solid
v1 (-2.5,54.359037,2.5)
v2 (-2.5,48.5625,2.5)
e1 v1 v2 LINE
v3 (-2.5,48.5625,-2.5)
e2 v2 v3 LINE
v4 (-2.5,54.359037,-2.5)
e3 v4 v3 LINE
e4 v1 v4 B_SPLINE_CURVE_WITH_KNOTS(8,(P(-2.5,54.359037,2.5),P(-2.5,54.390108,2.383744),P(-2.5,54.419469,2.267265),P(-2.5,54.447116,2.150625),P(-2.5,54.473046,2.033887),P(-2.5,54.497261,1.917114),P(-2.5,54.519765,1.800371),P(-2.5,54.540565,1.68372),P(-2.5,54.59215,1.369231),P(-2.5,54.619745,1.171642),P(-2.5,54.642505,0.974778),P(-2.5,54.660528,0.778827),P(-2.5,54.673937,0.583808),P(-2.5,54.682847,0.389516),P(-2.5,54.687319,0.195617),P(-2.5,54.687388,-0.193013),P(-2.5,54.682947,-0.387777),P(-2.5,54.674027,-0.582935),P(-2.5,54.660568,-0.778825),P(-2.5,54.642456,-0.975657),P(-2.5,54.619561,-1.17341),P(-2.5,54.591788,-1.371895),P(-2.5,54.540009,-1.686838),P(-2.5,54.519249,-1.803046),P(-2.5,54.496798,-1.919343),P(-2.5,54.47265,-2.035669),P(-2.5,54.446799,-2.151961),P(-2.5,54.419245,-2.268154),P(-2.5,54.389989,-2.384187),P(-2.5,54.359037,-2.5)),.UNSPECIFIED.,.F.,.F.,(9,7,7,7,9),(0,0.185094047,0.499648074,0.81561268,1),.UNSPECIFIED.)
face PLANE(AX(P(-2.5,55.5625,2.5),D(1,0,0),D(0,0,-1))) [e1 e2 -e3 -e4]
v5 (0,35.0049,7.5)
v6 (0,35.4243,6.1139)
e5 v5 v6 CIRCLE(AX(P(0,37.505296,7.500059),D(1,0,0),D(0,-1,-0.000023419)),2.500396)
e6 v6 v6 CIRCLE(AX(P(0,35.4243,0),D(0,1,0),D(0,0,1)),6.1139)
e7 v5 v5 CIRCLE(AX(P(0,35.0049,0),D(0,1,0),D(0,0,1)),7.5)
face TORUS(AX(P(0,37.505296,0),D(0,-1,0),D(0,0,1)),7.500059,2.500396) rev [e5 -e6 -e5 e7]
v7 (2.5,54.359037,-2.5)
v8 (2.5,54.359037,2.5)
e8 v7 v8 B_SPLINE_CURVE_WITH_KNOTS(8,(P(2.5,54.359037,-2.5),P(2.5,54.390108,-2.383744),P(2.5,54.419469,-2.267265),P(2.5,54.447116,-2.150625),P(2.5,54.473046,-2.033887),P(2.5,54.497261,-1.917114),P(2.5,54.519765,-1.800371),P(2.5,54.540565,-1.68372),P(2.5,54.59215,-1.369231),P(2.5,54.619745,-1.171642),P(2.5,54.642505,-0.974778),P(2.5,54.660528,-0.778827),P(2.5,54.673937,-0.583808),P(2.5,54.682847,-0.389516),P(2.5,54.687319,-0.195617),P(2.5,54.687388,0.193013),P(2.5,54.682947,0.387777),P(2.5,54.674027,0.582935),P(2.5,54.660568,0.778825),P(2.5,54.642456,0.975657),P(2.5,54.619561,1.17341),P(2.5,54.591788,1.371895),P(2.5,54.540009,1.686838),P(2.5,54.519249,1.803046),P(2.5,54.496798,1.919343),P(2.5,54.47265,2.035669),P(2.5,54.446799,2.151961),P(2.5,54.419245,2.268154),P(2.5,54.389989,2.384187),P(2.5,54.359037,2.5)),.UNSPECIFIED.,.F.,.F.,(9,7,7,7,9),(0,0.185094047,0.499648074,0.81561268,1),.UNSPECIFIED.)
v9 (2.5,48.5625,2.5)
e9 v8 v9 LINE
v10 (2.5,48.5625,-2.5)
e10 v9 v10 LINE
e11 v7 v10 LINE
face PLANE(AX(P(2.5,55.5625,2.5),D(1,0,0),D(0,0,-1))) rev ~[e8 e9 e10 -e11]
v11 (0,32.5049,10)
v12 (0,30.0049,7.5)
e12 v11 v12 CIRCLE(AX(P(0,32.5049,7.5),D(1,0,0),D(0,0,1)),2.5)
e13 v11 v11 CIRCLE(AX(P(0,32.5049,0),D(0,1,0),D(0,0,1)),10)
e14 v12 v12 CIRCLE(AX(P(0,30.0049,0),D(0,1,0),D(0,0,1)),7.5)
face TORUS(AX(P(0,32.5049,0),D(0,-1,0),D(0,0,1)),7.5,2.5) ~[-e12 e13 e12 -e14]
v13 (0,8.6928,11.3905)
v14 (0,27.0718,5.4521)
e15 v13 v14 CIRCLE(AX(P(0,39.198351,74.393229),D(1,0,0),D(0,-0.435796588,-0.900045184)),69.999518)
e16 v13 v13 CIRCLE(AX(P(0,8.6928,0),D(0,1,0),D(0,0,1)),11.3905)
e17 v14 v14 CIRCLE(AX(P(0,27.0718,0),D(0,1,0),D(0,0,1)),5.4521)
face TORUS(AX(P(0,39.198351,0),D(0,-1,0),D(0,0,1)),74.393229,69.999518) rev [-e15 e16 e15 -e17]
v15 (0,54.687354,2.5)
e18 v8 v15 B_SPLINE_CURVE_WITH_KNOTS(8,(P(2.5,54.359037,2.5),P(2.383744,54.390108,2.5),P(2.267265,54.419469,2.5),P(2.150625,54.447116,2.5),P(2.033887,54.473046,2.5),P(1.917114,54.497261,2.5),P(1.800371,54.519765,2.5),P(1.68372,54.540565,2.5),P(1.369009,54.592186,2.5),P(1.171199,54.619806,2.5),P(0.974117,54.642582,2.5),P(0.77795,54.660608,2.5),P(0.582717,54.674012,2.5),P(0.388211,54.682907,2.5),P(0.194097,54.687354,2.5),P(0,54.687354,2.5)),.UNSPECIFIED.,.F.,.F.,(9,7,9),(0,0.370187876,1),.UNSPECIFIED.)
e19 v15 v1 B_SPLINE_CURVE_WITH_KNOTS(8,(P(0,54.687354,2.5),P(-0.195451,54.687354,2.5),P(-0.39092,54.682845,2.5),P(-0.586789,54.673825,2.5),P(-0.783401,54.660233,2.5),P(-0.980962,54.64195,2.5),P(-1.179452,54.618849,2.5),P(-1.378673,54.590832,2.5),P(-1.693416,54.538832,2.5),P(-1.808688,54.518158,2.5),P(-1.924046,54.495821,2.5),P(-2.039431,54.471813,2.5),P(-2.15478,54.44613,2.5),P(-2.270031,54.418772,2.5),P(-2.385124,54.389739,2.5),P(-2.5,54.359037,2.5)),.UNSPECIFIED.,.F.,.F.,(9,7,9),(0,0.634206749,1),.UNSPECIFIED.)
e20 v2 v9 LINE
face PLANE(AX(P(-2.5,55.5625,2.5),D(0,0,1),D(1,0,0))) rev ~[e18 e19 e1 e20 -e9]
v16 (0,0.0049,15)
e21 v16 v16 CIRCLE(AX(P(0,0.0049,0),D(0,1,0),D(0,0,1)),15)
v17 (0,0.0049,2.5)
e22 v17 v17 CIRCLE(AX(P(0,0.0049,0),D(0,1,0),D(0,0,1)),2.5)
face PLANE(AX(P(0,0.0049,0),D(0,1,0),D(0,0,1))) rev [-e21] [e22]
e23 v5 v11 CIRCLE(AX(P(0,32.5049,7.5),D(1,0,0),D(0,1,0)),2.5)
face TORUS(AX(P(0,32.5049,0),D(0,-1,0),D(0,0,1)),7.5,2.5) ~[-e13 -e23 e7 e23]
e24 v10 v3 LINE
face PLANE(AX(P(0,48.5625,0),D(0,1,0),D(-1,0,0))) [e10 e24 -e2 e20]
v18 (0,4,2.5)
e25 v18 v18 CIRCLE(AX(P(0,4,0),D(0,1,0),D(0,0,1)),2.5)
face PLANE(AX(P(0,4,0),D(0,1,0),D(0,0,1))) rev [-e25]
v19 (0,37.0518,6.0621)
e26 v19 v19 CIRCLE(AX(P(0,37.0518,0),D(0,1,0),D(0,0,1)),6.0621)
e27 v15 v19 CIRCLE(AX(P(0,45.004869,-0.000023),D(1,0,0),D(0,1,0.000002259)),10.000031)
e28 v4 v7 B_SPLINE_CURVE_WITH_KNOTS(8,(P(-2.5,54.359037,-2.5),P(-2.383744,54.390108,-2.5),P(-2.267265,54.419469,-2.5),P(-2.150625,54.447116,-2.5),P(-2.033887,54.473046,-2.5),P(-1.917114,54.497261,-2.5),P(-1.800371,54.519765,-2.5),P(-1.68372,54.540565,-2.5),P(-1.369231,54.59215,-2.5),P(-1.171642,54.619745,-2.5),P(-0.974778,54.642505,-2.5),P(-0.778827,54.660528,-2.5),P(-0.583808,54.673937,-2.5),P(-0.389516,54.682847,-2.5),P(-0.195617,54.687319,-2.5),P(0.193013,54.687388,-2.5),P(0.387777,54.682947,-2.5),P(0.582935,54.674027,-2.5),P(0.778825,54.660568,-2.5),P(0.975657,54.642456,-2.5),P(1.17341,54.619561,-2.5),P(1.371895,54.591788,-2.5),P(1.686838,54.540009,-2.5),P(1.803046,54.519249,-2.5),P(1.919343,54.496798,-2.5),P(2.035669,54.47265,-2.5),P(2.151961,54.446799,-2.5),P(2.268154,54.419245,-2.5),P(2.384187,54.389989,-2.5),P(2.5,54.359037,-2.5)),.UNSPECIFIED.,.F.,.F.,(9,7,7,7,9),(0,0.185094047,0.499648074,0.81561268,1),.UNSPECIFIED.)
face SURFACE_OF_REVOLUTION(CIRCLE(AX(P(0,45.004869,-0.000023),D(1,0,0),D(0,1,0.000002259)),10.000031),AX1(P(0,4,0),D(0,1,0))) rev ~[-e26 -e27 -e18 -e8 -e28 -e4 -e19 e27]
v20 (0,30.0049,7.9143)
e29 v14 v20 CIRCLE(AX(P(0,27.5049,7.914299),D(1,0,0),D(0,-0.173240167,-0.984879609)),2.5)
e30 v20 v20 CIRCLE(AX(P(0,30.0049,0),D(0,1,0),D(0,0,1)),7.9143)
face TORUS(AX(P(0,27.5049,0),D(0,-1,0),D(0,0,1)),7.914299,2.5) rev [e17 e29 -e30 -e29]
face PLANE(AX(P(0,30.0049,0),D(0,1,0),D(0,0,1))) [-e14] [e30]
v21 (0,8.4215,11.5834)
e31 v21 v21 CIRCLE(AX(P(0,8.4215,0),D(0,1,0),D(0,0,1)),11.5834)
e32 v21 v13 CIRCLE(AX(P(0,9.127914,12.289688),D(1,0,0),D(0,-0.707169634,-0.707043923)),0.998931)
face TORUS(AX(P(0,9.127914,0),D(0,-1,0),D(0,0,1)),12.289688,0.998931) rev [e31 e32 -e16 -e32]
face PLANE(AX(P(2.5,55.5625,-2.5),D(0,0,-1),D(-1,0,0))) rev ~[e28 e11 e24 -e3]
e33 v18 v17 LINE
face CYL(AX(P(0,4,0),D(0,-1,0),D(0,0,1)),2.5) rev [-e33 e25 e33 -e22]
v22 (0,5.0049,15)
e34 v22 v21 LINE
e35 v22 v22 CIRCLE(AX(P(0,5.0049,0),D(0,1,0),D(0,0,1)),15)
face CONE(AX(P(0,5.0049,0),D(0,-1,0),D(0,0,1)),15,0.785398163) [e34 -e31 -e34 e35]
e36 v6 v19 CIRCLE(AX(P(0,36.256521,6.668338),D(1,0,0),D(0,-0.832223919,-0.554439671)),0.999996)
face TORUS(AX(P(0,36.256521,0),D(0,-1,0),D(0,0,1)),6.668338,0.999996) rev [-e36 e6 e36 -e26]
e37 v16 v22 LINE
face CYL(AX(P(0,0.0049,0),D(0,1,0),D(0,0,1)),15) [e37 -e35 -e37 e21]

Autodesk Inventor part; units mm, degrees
ref_plane "YZ Plane" through (0, 0, 0) normal (1, 0, 0) x (0, 1, 0)
ref_plane "XY Plane" through (0, 0, 0) normal (0, 0, 1) x (1, 0, 0)
sketch "Sketch1" plane through (0, 0, 0) normal (1, 0, 0) x (0, 1, 0)
  line L0 (4, 0) -> (4, 2.5)
  line L1 (4, 2.5) -> (0.0049, 2.5)
  line L2 (0.0049, 2.5) -> (0.0049, 15)
  line L3 (0.0049, 15) -> (5.0049, 15)
  line L4 (5.0049, 15) -> (8.4215, 11.5834)
  arc A0 (8.6928, 11.3905) -> (27.0718, 5.4521) centre (39.1985, 74.3936) ccw
  line L5 (30.0049, 7.9143) -> (30.0049, 7.5)
  line L6 (32.5049, 10) -> (32.5049, 10)
  line L7 (35.0049, 7.5) -> (35.0049, 7.5)
  arc A1 (55.0049, 0) -> (37.0518, 6.0621) centre (45.0049, 0) ccw
  line L8 (4, 0) -> (55.0049, 0)
  arc A2 (35.0049, 7.5) -> (35.4243, 6.1139) centre (37.5049, 7.5) ccw
  arc A3 (35.0049, 7.5) -> (32.5049, 10) centre (32.5049, 7.5) ccw
  arc A4 (32.5049, 10) -> (30.0049, 7.5) centre (32.5049, 7.5) ccw
  arc A5 (27.0718, 5.4521) -> (30.0049, 7.9143) centre (27.5049, 7.9143) ccw
  arc A6 (35.4243, 6.1139) -> (37.0518, 6.0621) centre (36.2565, 6.6683) ccw
  arc A7 (8.4215, 11.5834) -> (8.6928, 11.3905) centre (9.1286, 12.2905) ccw
  point P0 (0, 0)
  point P1 (0, 0)
  point P2 (8.5404, 11.4645)
  point P3 (30.0049, 5)
  point P4 (30.0049, 10)
  point P5 (35.0049, 10)
  point P6 (35.0049, 5)
  dimension "d0" = 4
  dimension "d1" = 2.5
  dimension "d2" = 15
  dimension "d3" = 5
  dimension "d4" = 5
  dimension "d5" = 135
  dimension "d6" = 70
  dimension "d7" = 5
  dimension "d8" = 5
  dimension "d9" = 5
  dimension "d10" = 2.5
  dimension "d11" = 1
  dimension "d12" = 1
revolve "Revolution1" add sketch "Sketch1" angle 360 about axis through (0, 4, 0) along (0, 1, 0)
ref_plane "Work Plane1" through (0, 55.5625, 0) normal (0, 1, 0) x (-1, 0, 0)
sketch "Sketch2" plane through (0, 55.5625, 0) normal (0, 1, 0) x (-1, 0, 0)
  circle A0 centre (0, 0) radius 6.0621 projected
  circle A1 centre (0, 0) radius 5.4521 projected
  line L0 (2.5, 2.5) -> (2.5, -2.5)
  line L1 (-2.5, 2.5) -> (-2.5, -2.5)
  line L2 (2.5, 2.5) -> (-2.5, 2.5)
  line L3 (-2.5, -2.5) -> (2.5, -2.5)
  point P0 (0, 0)
  dimension "d18" = 2.5
  dimension "d19" = 5
extrude "Extrusion1" cut sketch "Sketch2" against normal blind 7 contours L0 L3 L1 L2
properties part number "PawnUntagged"
